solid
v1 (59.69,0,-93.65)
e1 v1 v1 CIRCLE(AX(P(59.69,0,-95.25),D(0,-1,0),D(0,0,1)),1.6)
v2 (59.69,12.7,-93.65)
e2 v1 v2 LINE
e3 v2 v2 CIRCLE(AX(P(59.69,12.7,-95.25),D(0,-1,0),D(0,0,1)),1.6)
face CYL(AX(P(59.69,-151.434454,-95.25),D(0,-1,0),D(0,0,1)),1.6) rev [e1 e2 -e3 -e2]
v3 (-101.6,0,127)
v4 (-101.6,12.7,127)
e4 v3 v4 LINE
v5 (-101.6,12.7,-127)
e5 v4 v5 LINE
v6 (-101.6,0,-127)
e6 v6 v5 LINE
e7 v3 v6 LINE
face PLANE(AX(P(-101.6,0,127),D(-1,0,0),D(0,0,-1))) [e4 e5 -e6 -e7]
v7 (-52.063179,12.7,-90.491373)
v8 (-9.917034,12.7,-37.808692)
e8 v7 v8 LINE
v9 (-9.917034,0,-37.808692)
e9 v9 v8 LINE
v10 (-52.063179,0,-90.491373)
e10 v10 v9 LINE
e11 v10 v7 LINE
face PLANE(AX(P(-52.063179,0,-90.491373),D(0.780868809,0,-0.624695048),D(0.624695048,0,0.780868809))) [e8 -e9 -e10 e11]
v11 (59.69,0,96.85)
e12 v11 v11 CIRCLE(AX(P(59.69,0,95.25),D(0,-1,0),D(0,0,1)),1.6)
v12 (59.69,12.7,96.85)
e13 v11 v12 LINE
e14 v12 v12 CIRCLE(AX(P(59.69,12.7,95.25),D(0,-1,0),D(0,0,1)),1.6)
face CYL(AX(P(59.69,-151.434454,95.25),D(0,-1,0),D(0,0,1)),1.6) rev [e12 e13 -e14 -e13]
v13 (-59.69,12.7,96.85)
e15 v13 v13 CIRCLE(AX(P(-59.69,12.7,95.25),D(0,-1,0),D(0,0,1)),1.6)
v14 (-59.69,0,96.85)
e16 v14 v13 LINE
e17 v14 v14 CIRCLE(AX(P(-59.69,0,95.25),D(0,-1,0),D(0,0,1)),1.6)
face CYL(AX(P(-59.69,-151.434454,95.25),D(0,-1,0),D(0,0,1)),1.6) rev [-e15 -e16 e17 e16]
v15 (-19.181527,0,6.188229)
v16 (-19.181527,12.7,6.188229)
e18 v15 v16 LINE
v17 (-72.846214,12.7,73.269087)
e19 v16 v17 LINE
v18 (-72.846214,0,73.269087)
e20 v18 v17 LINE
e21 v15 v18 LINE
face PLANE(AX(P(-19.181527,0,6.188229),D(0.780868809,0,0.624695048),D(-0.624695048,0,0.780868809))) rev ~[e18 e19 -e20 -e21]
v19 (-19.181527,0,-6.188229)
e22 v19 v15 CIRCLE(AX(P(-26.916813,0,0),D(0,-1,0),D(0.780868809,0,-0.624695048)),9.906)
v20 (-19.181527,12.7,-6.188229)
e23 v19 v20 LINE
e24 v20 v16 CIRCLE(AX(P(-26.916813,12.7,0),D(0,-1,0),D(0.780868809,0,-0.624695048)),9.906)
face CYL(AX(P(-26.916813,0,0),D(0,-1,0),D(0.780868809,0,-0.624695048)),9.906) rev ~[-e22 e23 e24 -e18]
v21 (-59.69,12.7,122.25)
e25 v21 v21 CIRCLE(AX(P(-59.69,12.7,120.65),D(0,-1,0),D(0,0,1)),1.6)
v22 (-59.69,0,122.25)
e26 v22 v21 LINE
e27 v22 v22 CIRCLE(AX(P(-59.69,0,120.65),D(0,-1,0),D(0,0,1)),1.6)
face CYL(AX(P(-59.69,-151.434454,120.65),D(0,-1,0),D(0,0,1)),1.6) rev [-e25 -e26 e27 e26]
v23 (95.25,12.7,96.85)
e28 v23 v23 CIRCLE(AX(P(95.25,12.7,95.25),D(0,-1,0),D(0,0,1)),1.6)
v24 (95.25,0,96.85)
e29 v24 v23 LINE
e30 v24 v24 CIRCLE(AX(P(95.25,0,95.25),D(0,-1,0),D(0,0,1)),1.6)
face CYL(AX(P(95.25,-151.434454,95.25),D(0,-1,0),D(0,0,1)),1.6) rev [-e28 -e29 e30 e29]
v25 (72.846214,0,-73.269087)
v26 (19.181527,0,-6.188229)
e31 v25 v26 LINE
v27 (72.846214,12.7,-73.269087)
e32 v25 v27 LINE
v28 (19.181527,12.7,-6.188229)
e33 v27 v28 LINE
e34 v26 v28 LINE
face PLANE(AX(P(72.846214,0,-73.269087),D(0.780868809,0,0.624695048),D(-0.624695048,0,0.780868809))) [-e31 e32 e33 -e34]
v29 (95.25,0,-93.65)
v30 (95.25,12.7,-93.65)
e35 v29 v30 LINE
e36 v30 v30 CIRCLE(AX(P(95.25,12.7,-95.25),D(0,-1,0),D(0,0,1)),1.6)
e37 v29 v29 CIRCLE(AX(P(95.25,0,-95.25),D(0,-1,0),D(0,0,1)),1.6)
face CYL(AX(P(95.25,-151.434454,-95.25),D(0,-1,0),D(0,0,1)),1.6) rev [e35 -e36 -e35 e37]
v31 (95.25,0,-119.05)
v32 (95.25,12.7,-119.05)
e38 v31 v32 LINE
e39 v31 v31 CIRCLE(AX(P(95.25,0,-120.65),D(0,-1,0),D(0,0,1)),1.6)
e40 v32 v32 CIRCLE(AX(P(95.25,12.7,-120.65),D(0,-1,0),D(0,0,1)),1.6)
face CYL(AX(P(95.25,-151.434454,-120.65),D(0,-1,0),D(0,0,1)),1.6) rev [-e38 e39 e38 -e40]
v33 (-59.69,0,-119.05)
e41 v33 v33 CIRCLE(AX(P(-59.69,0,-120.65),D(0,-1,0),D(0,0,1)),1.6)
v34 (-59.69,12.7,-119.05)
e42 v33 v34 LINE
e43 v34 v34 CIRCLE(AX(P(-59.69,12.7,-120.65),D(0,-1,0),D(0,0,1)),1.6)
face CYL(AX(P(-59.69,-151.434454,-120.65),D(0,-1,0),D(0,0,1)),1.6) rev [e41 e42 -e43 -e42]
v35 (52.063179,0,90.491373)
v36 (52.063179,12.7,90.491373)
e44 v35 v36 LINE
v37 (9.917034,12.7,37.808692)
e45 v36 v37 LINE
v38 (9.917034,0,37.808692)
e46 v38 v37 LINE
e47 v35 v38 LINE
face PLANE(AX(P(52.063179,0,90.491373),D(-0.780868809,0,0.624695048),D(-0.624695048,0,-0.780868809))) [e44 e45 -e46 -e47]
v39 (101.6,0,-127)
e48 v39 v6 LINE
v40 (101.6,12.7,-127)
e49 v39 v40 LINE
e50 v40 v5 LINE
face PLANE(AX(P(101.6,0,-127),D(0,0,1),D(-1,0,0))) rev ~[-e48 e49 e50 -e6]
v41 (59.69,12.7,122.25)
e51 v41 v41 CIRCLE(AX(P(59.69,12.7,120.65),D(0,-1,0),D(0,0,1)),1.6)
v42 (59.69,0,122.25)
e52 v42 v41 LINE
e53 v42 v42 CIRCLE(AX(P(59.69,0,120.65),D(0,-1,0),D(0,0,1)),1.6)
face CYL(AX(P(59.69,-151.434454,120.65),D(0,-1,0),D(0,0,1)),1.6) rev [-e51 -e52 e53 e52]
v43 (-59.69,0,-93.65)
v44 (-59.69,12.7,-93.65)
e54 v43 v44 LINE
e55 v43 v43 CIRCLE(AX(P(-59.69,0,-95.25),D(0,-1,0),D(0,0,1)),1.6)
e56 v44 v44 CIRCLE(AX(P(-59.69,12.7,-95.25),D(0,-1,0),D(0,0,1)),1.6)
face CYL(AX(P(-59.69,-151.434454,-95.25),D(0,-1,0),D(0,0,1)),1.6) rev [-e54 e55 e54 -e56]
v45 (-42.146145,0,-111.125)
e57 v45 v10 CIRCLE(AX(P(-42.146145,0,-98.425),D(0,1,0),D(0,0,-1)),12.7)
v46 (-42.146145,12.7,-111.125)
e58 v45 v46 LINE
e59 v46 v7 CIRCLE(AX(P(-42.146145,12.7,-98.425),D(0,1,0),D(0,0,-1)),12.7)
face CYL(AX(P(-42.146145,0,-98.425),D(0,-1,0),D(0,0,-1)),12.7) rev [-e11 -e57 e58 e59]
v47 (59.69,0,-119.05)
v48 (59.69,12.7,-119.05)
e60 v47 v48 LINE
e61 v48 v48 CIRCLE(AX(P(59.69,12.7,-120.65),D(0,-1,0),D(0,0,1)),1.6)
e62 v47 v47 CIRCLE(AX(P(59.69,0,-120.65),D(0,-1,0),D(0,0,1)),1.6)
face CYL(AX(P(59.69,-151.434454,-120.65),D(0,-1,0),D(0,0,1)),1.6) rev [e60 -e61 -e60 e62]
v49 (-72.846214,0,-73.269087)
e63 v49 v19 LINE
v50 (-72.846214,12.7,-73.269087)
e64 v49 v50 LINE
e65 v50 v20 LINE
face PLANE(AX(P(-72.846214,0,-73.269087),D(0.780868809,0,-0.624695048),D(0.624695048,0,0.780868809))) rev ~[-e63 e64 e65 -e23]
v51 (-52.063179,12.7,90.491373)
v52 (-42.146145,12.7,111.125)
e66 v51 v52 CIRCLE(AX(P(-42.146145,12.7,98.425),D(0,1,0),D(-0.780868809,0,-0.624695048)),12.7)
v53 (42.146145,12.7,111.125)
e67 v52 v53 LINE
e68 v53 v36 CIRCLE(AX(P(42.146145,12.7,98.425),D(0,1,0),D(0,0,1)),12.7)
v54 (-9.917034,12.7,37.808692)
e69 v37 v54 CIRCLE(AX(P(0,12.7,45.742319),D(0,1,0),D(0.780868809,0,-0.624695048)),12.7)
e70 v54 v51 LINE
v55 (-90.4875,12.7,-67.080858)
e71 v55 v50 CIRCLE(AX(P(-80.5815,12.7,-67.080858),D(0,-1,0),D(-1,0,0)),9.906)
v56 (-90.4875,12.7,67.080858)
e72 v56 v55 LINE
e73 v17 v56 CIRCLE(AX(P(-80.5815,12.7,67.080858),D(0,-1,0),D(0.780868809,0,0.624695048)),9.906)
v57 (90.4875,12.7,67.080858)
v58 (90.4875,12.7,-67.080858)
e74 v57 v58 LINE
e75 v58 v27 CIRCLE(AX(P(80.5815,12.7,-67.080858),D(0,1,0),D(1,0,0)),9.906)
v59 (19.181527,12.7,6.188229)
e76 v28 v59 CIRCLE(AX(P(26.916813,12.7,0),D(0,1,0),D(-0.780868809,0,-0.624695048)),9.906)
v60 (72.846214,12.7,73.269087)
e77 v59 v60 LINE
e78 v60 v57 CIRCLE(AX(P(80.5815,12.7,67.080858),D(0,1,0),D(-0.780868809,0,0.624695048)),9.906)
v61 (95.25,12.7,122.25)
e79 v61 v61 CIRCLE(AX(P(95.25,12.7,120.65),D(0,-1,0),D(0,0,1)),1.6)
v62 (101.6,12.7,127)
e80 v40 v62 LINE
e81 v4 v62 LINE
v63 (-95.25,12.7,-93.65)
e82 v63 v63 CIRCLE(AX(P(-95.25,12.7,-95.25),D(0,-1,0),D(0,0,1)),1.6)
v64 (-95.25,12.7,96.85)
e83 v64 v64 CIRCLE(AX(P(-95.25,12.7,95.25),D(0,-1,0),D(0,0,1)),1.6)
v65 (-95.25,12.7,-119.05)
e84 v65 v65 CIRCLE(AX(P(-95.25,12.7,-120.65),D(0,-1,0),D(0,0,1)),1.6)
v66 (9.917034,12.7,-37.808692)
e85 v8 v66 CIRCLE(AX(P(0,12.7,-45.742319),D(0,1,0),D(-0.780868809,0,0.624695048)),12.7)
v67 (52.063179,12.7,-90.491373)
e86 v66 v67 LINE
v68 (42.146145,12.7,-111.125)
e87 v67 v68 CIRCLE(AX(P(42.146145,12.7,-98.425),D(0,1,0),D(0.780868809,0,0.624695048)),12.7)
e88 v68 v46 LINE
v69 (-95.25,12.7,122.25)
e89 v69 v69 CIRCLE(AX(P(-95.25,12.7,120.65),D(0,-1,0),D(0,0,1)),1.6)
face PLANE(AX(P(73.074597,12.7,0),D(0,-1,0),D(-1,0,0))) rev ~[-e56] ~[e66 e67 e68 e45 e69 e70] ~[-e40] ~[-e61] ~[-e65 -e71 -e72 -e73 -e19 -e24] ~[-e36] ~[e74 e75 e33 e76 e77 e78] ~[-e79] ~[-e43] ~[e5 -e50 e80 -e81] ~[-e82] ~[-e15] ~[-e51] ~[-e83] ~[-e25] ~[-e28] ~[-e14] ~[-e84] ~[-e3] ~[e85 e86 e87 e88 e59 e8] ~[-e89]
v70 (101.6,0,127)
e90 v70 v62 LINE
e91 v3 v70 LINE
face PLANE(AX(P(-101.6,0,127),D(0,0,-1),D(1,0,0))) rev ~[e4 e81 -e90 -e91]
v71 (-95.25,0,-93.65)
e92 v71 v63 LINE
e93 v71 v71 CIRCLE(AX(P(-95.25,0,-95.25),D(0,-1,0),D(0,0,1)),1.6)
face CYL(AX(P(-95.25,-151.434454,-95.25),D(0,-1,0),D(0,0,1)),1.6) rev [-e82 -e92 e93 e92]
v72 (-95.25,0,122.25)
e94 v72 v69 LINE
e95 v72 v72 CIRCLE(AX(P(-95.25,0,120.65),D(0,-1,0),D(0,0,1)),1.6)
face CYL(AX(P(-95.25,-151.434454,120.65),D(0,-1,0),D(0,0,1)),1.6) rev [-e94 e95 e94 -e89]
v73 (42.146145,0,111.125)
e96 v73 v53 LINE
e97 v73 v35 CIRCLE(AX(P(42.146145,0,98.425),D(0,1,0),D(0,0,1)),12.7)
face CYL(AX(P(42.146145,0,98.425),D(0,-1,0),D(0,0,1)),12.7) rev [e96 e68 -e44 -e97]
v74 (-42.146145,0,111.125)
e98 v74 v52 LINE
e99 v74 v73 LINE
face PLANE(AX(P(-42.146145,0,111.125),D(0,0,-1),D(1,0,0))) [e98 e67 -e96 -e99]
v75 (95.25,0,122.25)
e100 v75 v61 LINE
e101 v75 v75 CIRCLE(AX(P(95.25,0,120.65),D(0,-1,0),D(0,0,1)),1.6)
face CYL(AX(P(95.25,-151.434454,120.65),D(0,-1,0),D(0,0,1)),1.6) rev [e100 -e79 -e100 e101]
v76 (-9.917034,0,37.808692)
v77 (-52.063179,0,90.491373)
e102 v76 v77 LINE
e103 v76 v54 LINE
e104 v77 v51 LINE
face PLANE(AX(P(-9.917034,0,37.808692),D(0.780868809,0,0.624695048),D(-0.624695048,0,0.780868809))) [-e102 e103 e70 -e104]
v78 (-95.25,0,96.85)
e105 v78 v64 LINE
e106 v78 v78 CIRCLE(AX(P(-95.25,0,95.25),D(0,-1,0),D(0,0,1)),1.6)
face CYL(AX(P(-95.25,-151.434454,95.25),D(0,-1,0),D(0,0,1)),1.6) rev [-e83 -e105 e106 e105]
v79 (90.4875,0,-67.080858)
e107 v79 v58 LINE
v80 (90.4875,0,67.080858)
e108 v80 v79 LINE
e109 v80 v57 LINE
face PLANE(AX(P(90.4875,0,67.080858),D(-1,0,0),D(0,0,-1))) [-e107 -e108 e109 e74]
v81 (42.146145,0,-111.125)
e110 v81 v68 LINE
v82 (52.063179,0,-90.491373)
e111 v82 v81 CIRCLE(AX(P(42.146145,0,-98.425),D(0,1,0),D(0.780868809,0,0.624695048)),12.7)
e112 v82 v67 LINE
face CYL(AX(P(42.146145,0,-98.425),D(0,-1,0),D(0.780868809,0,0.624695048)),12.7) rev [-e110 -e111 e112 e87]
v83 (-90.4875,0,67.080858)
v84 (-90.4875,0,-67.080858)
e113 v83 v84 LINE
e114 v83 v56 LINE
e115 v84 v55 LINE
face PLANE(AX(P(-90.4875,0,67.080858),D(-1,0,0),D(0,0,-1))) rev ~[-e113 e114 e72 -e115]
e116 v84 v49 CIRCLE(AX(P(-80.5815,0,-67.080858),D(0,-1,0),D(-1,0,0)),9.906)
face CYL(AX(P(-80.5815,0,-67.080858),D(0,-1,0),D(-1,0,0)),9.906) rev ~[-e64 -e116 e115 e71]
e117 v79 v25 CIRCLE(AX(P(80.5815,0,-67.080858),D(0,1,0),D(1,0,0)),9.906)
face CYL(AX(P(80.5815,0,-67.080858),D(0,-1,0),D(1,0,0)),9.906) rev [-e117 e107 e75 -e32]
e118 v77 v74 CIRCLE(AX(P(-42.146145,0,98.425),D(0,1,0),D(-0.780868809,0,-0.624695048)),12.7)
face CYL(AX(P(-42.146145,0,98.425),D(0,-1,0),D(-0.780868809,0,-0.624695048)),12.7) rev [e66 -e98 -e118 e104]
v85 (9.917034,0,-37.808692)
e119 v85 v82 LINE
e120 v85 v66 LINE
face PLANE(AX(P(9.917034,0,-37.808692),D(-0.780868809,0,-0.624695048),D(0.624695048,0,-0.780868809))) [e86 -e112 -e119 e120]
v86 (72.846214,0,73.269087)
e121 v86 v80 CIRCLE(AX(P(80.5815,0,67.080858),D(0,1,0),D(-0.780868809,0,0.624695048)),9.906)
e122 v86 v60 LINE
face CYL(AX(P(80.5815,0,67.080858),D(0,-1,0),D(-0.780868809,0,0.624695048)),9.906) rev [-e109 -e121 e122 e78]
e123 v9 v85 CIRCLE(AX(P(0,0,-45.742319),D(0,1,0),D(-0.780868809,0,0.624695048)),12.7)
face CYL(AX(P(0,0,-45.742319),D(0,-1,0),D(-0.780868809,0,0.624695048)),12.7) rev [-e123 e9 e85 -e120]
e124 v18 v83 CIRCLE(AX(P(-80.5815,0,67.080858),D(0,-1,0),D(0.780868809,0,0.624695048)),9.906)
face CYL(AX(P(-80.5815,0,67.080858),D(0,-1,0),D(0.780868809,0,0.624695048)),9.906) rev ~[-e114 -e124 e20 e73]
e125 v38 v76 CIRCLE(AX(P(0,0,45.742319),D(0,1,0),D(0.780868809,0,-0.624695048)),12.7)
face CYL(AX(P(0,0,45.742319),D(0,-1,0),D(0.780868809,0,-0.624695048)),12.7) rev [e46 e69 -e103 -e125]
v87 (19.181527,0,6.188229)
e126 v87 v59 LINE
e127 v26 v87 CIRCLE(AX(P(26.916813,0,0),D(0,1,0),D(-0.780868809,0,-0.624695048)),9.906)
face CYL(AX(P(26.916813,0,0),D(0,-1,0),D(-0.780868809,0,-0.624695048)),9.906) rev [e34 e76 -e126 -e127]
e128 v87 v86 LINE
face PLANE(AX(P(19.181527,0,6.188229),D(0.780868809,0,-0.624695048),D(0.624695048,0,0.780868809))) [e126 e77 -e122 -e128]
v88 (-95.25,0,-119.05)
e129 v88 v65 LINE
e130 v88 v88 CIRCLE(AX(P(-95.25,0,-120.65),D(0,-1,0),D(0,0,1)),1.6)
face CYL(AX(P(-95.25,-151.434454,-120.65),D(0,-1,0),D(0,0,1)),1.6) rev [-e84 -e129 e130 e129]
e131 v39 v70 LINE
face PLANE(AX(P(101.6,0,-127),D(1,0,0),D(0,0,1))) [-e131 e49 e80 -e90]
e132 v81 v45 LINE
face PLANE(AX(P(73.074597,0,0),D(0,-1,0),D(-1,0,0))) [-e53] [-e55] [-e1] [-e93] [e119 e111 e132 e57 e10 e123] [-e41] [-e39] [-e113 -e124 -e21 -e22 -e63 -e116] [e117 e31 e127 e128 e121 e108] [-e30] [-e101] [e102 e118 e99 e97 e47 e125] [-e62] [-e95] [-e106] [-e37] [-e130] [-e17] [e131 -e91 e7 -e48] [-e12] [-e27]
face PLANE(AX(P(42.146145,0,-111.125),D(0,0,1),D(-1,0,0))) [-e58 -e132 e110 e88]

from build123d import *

# Parameters (mm, degrees)
ORIGINAL_EXTRUSTION_DEPTH            = 12.7
HOLES_FOR_WHEELS_TO_MOUNT_DEPTH      = 164.134453749
HOLES_FOR_WHEELS_TO_MOUNT_DEPTH_BACK = 164.134453749
SKETCH2_R                            = 1.6


with BuildPart() as part:
    # Sketch1 → Original Extrustion (new body)
    # profile 1 of 4: a face of its own
    with BuildSketch(Plane(origin=(0, 0, 0), x_dir=(1, 0, 0), z_dir=(0, 1, 0))):
        Polygon((-101.6, 127), (0, 0), (101.6, 127), align=None)
        with BuildLine():
            ThreePointArc((-42.146144983, 111.125), (-53.592696084, 103.926496877), (-52.063178863, 90.491372896))
            Line((-52.063178863, 90.491372896), (-9.91703388, 37.808691667))
            ThreePointArc((-9.91703388, 37.808691667), (0, 33.042318771), (9.91703388, 37.808691667))
            Line((9.91703388, 37.808691667), (52.063178863, 90.491372896))
            ThreePointArc((52.063178863, 90.491372896), (53.592696084, 103.926496877), (42.146144983, 111.125))
            Line((42.146144983, 111.125), (-42.146144983, 111.125))
        make_face(mode=Mode.SUBTRACT)
    # profile 2 of 4: a face of its own
    with BuildSketch(Plane(origin=(0, 0, 0), x_dir=(1, 0, 0), z_dir=(0, 1, 0))):
        Polygon((0, 0), (-101.6, -127), (-101.6, 127), align=None)
        with BuildLine():
            Line((-90.4875, -67.080858304), (-90.4875, 67.080858304))
            ThreePointArc((-90.4875, 67.080858304), (-83.860454762, 76.428440433), (-72.846213574, 73.269087445))
            Line((-72.846213574, 73.269087445), (-19.181526931, 6.188229141))
            ThreePointArc((-19.181526931, 6.188229141), (-17.010813357, 0), (-19.181526931, -6.188229141))
            Line((-19.181526931, -6.188229141), (-72.846213574, -73.269087445))
            ThreePointArc((-72.846213574, -73.269087445), (-83.860454762, -76.428440433), (-90.4875, -67.080858304))
        make_face(mode=Mode.SUBTRACT)
    # profile 3 of 4: a face of its own
    with BuildSketch(Plane(origin=(0, 0, 0), x_dir=(1, 0, 0), z_dir=(0, 1, 0))):
        Polygon((-101.6, -127), (101.6, -127), (0, 0), align=None)
        with BuildLine():
            Line((-42.146144983, -111.125), (42.146144983, -111.125))
            ThreePointArc((42.146144983, -111.125), (53.592696084, -103.926496877), (52.063178863, -90.491372896))
            Line((52.063178863, -90.491372896), (9.91703388, -37.808691667))
            ThreePointArc((9.91703388, -37.808691667), (0, -33.042318771), (-9.91703388, -37.808691667))
            Line((-9.91703388, -37.808691667), (-52.063178863, -90.491372896))
            ThreePointArc((-52.063178863, -90.491372896), (-53.592696084, -103.926496877), (-42.146144983, -111.125))
        make_face(mode=Mode.SUBTRACT)
    # profile 4 of 4: a face of its own
    with BuildSketch(Plane(origin=(0, 0, 0), x_dir=(1, 0, 0), z_dir=(0, 1, 0))):
        Polygon((101.6, -127), (0, 0), (101.6, 127), align=None)
        with BuildLine():
            ThreePointArc((72.846213574, -73.269087445), (83.860454762, -76.428440433), (90.4875, -67.080858304))
            Line((90.4875, -67.080858304), (90.4875, 67.080858304))
            ThreePointArc((90.4875, 67.080858304), (83.860454762, 76.428440433), (72.846213574, 73.269087445))
            Line((72.846213574, 73.269087445), (19.181526931, 6.188229141))
            ThreePointArc((19.181526931, 6.188229141), (17.010813357, 0), (19.181526931, -6.188229141))
            Line((19.181526931, -6.188229141), (72.846213574, -73.269087445))
        make_face(mode=Mode.SUBTRACT)
    extrude(amount=ORIGINAL_EXTRUSTION_DEPTH)

    # Sketch2 → Holes for Wheels to mount (cut, two sides: drawn at the far end of the back side and taken through both)
    with BuildSketch(Plane(origin=(0, 12.7, 0), x_dir=(1, 0, 0), z_dir=(0, 1, 0)).offset(-HOLES_FOR_WHEELS_TO_MOUNT_DEPTH_BACK)):
        with Locations(Location((-95.25, 120.65, 0), (0, 0, 270))):
            Circle(SKETCH2_R)
        with Locations(Location((-59.69, 120.65, 0), (0, 0, 270))):
            Circle(SKETCH2_R)
        with Locations(Location((-95.25, 95.25, 0), (0, 0, 270))):
            Circle(SKETCH2_R)
        with Locations(Location((-59.69, 95.25, 0), (0, 0, 270))):
            Circle(SKETCH2_R)
        with Locations(Location((-95.25, -95.25, 0), (0, 0, 270))):
            Circle(SKETCH2_R)
        with Locations(Location((-59.69, -95.25, 0), (0, 0, 270))):
            Circle(SKETCH2_R)
        with Locations(Location((-95.25, -120.65, 0), (0, 0, 270))):
            Circle(SKETCH2_R)
        with Locations(Location((-59.69, -120.65, 0), (0, 0, 270))):
            Circle(SKETCH2_R)
        with Locations(Location((59.69, -95.25, 0), (0, 0, 270))):
            Circle(SKETCH2_R)
        with Locations(Location((95.25, -95.25, 0), (0, 0, 270))):
            Circle(SKETCH2_R)
        with Locations(Location((59.69, -120.65, 0), (0, 0, 270))):
            Circle(SKETCH2_R)
        with Locations(Location((95.25, -120.65, 0), (0, 0, 270))):
            Circle(SKETCH2_R)
        with Locations(Location((59.69, 120.65, 0), (0, 0, 270))):
            Circle(SKETCH2_R)
        with Locations(Location((59.69, 95.25, 0), (0, 0, 270))):
            Circle(SKETCH2_R)
        with Locations(Location((95.25, 95.25, 0), (0, 0, 270))):
            Circle(SKETCH2_R)
        with Locations(Location((95.25, 120.65, 0), (0, 0, 270))):
            Circle(SKETCH2_R)
    extrude(amount=HOLES_FOR_WHEELS_TO_MOUNT_DEPTH + HOLES_FOR_WHEELS_TO_MOUNT_DEPTH_BACK, mode=Mode.SUBTRACT)


solid = part.part
